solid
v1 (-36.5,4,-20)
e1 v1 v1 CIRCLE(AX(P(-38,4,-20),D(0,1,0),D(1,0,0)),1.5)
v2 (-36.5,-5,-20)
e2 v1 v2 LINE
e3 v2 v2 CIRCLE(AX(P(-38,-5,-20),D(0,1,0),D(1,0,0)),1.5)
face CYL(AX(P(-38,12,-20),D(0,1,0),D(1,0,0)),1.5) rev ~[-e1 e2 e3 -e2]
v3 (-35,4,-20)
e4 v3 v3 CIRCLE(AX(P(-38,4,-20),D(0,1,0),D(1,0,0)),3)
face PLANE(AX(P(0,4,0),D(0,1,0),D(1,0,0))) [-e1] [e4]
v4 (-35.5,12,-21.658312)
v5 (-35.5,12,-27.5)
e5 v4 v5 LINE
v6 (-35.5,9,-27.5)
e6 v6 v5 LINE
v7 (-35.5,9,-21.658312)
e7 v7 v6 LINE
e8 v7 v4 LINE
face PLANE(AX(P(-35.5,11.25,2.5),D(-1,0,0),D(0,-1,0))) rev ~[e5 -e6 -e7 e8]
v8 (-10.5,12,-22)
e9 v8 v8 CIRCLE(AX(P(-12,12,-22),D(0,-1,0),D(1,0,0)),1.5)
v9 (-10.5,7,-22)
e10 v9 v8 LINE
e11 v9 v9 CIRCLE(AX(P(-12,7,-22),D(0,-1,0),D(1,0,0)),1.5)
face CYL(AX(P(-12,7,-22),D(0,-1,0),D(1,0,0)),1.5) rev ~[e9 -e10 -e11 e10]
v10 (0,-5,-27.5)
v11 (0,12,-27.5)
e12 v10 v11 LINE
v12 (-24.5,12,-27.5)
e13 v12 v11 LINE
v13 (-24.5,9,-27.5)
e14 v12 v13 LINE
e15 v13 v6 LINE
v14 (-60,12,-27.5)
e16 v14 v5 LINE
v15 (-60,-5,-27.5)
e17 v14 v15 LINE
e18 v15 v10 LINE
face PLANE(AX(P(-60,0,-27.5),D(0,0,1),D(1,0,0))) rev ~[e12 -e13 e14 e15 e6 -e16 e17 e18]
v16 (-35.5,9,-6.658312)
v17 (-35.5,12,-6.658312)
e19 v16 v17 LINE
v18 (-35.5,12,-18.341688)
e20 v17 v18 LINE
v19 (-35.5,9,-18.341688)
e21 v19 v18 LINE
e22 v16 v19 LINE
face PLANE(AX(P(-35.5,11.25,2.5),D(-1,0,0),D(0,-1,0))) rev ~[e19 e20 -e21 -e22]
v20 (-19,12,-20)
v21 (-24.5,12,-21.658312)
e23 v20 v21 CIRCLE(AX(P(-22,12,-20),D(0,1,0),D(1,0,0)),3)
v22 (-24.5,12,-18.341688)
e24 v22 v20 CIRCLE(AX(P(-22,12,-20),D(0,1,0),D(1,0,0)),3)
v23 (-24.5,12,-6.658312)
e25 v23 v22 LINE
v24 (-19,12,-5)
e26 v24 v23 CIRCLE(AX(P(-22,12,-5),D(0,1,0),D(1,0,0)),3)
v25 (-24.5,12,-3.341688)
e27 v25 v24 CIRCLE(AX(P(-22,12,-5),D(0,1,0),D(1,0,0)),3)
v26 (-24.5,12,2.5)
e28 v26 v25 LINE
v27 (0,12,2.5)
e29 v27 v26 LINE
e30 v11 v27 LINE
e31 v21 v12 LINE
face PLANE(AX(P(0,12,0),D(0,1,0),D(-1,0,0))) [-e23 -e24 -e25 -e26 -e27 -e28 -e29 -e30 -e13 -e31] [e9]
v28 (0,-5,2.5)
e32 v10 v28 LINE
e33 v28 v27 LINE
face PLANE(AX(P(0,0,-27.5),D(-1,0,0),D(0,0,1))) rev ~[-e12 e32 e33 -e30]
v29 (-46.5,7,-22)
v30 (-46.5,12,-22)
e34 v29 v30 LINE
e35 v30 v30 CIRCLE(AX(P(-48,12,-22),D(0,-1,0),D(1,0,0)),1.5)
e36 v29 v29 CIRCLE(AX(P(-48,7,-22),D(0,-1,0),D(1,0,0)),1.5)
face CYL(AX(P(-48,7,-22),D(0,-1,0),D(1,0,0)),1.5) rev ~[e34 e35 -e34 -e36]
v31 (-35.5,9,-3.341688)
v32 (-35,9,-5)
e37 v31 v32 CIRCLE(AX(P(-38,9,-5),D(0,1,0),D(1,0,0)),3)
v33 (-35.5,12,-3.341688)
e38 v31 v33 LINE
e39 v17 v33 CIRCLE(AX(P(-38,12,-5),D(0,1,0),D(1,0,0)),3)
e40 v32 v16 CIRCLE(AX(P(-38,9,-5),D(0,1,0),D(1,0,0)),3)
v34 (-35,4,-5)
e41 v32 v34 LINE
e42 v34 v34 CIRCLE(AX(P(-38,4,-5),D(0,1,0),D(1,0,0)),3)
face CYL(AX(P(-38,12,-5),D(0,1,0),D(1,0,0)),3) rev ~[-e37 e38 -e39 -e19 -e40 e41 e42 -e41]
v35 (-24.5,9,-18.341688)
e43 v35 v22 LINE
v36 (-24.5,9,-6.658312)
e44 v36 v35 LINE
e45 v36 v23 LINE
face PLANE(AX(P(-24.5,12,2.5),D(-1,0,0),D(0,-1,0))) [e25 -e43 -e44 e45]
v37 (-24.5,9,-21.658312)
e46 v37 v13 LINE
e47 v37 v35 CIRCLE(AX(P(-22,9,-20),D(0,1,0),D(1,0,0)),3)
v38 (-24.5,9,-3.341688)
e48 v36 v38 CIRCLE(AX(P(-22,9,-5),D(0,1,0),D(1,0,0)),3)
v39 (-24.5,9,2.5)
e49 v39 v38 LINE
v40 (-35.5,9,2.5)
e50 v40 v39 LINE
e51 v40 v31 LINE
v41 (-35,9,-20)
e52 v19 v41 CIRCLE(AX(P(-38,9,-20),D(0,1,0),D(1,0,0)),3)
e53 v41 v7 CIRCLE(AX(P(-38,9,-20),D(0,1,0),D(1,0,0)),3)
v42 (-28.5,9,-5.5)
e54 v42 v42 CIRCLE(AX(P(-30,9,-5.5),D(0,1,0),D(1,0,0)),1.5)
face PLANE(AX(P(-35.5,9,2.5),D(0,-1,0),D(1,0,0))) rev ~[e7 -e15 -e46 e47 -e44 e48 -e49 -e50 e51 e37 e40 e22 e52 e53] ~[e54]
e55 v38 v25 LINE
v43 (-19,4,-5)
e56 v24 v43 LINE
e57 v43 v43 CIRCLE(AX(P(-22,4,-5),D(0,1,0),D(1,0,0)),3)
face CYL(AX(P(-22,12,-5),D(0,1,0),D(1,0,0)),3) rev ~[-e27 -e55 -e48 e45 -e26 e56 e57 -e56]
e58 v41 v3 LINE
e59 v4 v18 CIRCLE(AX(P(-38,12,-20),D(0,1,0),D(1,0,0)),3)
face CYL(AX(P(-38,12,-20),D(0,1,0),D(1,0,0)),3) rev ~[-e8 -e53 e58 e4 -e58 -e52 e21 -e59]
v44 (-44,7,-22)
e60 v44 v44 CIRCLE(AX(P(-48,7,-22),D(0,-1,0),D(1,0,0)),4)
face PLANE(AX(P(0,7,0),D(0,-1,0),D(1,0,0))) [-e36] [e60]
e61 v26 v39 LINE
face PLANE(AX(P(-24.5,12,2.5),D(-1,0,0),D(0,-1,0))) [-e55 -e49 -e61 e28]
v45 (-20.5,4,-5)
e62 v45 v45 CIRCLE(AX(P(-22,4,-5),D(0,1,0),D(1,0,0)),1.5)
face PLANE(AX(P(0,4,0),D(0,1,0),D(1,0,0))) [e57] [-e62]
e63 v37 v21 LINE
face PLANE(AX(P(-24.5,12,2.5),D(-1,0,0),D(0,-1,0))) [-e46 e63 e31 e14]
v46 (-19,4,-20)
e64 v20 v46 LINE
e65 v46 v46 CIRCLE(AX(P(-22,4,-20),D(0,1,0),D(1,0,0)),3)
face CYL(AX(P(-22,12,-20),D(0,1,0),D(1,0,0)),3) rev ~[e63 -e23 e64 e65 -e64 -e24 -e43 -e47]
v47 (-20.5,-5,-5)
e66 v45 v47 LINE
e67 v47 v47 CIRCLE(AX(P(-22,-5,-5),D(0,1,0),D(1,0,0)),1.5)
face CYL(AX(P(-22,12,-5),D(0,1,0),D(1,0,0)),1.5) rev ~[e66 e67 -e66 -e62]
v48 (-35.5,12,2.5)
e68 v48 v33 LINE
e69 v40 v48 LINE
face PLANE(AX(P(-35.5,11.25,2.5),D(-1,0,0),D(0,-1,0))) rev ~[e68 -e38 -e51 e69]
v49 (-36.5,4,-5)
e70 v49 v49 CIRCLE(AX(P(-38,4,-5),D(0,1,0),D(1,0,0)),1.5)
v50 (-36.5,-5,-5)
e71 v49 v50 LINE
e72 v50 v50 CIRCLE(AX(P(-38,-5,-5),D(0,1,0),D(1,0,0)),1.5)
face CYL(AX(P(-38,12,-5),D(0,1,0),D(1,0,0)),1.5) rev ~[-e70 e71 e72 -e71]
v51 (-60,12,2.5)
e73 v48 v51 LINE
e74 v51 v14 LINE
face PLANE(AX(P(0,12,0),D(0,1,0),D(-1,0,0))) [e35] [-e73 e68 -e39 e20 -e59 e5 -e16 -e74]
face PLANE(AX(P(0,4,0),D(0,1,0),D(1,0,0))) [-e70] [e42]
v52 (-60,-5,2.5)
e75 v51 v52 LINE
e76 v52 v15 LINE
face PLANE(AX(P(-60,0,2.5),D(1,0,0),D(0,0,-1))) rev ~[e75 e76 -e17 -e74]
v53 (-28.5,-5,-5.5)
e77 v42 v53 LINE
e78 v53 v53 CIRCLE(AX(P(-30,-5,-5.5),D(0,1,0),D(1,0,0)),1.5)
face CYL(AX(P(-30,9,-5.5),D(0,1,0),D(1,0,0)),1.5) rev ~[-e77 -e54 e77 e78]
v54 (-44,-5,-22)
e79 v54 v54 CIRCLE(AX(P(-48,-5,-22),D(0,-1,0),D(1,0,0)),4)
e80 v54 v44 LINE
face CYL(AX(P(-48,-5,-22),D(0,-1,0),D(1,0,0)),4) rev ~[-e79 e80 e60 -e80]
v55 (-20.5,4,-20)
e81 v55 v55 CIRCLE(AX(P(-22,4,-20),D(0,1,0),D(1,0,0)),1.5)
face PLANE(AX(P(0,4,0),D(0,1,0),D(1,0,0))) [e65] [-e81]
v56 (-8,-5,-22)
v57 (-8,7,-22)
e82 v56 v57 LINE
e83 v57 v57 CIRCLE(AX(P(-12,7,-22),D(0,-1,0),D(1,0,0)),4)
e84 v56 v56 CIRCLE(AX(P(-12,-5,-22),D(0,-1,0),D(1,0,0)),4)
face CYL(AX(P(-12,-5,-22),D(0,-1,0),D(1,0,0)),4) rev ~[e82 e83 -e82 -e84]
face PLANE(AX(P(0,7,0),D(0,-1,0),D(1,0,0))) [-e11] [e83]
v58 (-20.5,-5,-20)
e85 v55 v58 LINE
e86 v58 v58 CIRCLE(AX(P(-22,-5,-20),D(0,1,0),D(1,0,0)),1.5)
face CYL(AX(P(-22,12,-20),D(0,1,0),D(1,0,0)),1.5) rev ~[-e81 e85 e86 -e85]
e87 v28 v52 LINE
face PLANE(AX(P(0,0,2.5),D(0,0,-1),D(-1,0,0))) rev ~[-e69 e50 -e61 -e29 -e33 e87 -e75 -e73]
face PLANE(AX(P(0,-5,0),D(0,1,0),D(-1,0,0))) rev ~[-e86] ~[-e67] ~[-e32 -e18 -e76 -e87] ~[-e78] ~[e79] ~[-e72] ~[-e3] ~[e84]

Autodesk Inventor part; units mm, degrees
ref_plane "YZ Plane" through (0, 0, 0) normal (1, 0, 0) x (0, 1, 0)
ref_plane "XZ Plane" through (0, 0, 0) normal (0, 1, 0) x (-1, 0, 0)
ref_plane "XY Plane" through (0, 0, 0) normal (0, 0, 1) x (1, 0, 0)
sketch "Sketch1" plane through (0, 0, 0) normal (0, 1, 0) x (-1, 0, 0)
  line L0 (0, 2.5) -> (60, 2.5)
  line L1 (60, 2.5) -> (60, -27.5)
  line L2 (60, -27.5) -> (0, -27.5)
  line L3 (0, -27.5) -> (0, 2.5)
  dimension "d0" = 60
  dimension "d1" = 30
  dimension "d2" = 60
  dimension "d164" = 90
  dimension "d165" = 90
extrude "Extrusion1" add sketch "Sketch1" against normal blind 5 and the other way blind 12
sketch "Sketch2" plane through (0, 12, 0) normal (0, 1, 0) x (1, 0, 0)
  line L0 (-60, 27.5) -> (-60, -2.5) projected
  line L1 (0, 0) -> (0, 30) projected
  line L2 (0, 27.5) -> (-60, 27.5) projected
  line L3 (-60, -2.5) -> (0, -2.5) projected
  line L4 (-5, 0) -> (-5, 30) projected
  point P0 (-40, 7.5)
  point P1 (-20, 7.5)
  dimension "d44" = 10
  dimension "d45" = 20
  dimension "d46" = 20
  dimension "d47" = 10
  dimension "d67" = 15
sketch "Sketch3" plane through (0, 12, 0) normal (0, 1, 0) x (1, 0, 0)
  line L0 (0, 27.5) -> (-60, 27.5) projected
  line L1 (-60, -2.5) -> (-60, 27.5) projected
  point P0 (0, 0)
  point P1 (-50, 22.5)
  point P2 (-5, 30)
  point P3 (-25, 22.5)
  dimension "d56" = 5
  dimension "d57" = 10
  dimension "d58" = 25
  dimension "d59" = 5
sketch "Sketch16" plane through (-60, -5, 2.5) normal (0, 0, 1) x (1, 0, 0)
  line L0 (60, 17) -> (0, 17) projected
  line L1 (24.5, 16.25) -> (24.5, 14)
  line L2 (24.5, 14) -> (35.5, 14)
  line L3 (35.5, 14) -> (35.5, 16.25)
  line L4 (35.5, 17) -> (24.5, 17)
  line L5 (60, 0) -> (0, 0) projected
  line L6 (0, 17) -> (60, 17) projected
  line L7 (24.5, 16.25) -> (24.5, 17)
  line L8 (35.5, 17) -> (35.5, 16.25)
  point P0 (60, 5)
  point P1 (25.5, 17)
  point P2 (30, 17)
  point P3 (30, 0)
  point P4 (30, 17)
  point P5 (30, 0)
  point P6 (30, 17)
  point P7 (30, 0)
  dimension "d90" = 1
  dimension "d92" = 2.25
  dimension "d93" = 11
extrude "Extrusion6" cut sketch "Sketch16" against normal up to next
sketch "Sketch17" plane through (-35.5, 9, 2.5) normal (0, 1, 0) x (1, 0, 0)
  circle A0 centre (5.5, 8) radius 1.5
  line L0 (0, 30) -> (11, 30) projected
  line L1 (11, 0) -> (0, 0) projected
  point P0 (35.5, 2.5)
  point P1 (5.5, 30)
  dimension "d97" = 3
  dimension "d155" = 8
extrude "Extrusion7" cut sketch "Sketch17" against normal up to next
ref_plane "Work Plane2" through (0, 15.5, 0) normal (0, 1, 0) x (1, 0, 0)
sketch "Sketch21" plane through (0, -5, 0) normal (0, -1, 0) x (1, 0, 0)
  circle A0 centre (-12, -22) radius 4
  circle A1 centre (-48, -22) radius 4
  point P0 (0, 0)
  dimension "d125" = 8
  dimension "d131" = 8
extrude "Extrusion13" cut sketch "Sketch21" against normal blind 12
sketch "Sketch23" plane through (-12, 7, -22) normal (0, -1, 0) x (1, 0, 0)
  circle A0 centre (0, 0) radius 1.5
  circle A1 centre (-36, 0) radius 1.5
  point P0 (12, 22)
  dimension "d134" = 3
  dimension "d135" = 3
extrude "Extrusion14" cut sketch "Sketch23" against normal up to next
sketch "Sketch25" plane through (0, 12, 0) normal (0, 1, 0) x (1, 0, 0)
  circle A0 centre (-22, 5) radius 1.5
  circle A1 centre (-22, 20) radius 1.5
  circle A2 centre (-38, 20) radius 1.5
  circle A3 centre (-38, 5) radius 1.5
  line L0 (-60, -2.5) -> (0, -2.5) projected
  line L1 (-60, 27.5) -> (-60, -2.5) projected
  point P0 (0, 0)
  point P1 (-34.5, 0)
  dimension "d145" = 3
  dimension "d146" = 3
  dimension "d147" = 3
  dimension "d148" = 3
  dimension "d149" = 16
  dimension "d150" = 15
  dimension "d151" = 7.5
  dimension "d152" = 22
extrude "Extrusion16" cut sketch "Sketch25" against normal up to next
sketch "Sketch26" plane through (0, 12, 0) normal (0, 1, 0) x (1, 0, 0)
  circle A0 centre (-38, 20) radius 3
  circle A1 centre (-22, 20) radius 3
  circle A2 centre (-38, 5) radius 3
  circle A3 centre (-22, 5) radius 3
  line L0 (-60, -2.5) -> (-35.5, -2.5) projected
  point P0 (0, 0)
  dimension "d156" = 6
  dimension "d157" = 6
  dimension "d160" = 6
  dimension "d161" = 6
  dimension "d166" = 15
  dimension "d167" = 16
  dimension "d168" = 7.5
extrude "Extrusion18" cut sketch "Sketch26" against normal blind 8
sketch "Sketch11" plane through (0, 12, 0) normal (0, 1, 0) x (1, 0, 0)
  point P0 (-20, 10)
  point P1 (-40, 10)
properties part number "detalKKoretke"
